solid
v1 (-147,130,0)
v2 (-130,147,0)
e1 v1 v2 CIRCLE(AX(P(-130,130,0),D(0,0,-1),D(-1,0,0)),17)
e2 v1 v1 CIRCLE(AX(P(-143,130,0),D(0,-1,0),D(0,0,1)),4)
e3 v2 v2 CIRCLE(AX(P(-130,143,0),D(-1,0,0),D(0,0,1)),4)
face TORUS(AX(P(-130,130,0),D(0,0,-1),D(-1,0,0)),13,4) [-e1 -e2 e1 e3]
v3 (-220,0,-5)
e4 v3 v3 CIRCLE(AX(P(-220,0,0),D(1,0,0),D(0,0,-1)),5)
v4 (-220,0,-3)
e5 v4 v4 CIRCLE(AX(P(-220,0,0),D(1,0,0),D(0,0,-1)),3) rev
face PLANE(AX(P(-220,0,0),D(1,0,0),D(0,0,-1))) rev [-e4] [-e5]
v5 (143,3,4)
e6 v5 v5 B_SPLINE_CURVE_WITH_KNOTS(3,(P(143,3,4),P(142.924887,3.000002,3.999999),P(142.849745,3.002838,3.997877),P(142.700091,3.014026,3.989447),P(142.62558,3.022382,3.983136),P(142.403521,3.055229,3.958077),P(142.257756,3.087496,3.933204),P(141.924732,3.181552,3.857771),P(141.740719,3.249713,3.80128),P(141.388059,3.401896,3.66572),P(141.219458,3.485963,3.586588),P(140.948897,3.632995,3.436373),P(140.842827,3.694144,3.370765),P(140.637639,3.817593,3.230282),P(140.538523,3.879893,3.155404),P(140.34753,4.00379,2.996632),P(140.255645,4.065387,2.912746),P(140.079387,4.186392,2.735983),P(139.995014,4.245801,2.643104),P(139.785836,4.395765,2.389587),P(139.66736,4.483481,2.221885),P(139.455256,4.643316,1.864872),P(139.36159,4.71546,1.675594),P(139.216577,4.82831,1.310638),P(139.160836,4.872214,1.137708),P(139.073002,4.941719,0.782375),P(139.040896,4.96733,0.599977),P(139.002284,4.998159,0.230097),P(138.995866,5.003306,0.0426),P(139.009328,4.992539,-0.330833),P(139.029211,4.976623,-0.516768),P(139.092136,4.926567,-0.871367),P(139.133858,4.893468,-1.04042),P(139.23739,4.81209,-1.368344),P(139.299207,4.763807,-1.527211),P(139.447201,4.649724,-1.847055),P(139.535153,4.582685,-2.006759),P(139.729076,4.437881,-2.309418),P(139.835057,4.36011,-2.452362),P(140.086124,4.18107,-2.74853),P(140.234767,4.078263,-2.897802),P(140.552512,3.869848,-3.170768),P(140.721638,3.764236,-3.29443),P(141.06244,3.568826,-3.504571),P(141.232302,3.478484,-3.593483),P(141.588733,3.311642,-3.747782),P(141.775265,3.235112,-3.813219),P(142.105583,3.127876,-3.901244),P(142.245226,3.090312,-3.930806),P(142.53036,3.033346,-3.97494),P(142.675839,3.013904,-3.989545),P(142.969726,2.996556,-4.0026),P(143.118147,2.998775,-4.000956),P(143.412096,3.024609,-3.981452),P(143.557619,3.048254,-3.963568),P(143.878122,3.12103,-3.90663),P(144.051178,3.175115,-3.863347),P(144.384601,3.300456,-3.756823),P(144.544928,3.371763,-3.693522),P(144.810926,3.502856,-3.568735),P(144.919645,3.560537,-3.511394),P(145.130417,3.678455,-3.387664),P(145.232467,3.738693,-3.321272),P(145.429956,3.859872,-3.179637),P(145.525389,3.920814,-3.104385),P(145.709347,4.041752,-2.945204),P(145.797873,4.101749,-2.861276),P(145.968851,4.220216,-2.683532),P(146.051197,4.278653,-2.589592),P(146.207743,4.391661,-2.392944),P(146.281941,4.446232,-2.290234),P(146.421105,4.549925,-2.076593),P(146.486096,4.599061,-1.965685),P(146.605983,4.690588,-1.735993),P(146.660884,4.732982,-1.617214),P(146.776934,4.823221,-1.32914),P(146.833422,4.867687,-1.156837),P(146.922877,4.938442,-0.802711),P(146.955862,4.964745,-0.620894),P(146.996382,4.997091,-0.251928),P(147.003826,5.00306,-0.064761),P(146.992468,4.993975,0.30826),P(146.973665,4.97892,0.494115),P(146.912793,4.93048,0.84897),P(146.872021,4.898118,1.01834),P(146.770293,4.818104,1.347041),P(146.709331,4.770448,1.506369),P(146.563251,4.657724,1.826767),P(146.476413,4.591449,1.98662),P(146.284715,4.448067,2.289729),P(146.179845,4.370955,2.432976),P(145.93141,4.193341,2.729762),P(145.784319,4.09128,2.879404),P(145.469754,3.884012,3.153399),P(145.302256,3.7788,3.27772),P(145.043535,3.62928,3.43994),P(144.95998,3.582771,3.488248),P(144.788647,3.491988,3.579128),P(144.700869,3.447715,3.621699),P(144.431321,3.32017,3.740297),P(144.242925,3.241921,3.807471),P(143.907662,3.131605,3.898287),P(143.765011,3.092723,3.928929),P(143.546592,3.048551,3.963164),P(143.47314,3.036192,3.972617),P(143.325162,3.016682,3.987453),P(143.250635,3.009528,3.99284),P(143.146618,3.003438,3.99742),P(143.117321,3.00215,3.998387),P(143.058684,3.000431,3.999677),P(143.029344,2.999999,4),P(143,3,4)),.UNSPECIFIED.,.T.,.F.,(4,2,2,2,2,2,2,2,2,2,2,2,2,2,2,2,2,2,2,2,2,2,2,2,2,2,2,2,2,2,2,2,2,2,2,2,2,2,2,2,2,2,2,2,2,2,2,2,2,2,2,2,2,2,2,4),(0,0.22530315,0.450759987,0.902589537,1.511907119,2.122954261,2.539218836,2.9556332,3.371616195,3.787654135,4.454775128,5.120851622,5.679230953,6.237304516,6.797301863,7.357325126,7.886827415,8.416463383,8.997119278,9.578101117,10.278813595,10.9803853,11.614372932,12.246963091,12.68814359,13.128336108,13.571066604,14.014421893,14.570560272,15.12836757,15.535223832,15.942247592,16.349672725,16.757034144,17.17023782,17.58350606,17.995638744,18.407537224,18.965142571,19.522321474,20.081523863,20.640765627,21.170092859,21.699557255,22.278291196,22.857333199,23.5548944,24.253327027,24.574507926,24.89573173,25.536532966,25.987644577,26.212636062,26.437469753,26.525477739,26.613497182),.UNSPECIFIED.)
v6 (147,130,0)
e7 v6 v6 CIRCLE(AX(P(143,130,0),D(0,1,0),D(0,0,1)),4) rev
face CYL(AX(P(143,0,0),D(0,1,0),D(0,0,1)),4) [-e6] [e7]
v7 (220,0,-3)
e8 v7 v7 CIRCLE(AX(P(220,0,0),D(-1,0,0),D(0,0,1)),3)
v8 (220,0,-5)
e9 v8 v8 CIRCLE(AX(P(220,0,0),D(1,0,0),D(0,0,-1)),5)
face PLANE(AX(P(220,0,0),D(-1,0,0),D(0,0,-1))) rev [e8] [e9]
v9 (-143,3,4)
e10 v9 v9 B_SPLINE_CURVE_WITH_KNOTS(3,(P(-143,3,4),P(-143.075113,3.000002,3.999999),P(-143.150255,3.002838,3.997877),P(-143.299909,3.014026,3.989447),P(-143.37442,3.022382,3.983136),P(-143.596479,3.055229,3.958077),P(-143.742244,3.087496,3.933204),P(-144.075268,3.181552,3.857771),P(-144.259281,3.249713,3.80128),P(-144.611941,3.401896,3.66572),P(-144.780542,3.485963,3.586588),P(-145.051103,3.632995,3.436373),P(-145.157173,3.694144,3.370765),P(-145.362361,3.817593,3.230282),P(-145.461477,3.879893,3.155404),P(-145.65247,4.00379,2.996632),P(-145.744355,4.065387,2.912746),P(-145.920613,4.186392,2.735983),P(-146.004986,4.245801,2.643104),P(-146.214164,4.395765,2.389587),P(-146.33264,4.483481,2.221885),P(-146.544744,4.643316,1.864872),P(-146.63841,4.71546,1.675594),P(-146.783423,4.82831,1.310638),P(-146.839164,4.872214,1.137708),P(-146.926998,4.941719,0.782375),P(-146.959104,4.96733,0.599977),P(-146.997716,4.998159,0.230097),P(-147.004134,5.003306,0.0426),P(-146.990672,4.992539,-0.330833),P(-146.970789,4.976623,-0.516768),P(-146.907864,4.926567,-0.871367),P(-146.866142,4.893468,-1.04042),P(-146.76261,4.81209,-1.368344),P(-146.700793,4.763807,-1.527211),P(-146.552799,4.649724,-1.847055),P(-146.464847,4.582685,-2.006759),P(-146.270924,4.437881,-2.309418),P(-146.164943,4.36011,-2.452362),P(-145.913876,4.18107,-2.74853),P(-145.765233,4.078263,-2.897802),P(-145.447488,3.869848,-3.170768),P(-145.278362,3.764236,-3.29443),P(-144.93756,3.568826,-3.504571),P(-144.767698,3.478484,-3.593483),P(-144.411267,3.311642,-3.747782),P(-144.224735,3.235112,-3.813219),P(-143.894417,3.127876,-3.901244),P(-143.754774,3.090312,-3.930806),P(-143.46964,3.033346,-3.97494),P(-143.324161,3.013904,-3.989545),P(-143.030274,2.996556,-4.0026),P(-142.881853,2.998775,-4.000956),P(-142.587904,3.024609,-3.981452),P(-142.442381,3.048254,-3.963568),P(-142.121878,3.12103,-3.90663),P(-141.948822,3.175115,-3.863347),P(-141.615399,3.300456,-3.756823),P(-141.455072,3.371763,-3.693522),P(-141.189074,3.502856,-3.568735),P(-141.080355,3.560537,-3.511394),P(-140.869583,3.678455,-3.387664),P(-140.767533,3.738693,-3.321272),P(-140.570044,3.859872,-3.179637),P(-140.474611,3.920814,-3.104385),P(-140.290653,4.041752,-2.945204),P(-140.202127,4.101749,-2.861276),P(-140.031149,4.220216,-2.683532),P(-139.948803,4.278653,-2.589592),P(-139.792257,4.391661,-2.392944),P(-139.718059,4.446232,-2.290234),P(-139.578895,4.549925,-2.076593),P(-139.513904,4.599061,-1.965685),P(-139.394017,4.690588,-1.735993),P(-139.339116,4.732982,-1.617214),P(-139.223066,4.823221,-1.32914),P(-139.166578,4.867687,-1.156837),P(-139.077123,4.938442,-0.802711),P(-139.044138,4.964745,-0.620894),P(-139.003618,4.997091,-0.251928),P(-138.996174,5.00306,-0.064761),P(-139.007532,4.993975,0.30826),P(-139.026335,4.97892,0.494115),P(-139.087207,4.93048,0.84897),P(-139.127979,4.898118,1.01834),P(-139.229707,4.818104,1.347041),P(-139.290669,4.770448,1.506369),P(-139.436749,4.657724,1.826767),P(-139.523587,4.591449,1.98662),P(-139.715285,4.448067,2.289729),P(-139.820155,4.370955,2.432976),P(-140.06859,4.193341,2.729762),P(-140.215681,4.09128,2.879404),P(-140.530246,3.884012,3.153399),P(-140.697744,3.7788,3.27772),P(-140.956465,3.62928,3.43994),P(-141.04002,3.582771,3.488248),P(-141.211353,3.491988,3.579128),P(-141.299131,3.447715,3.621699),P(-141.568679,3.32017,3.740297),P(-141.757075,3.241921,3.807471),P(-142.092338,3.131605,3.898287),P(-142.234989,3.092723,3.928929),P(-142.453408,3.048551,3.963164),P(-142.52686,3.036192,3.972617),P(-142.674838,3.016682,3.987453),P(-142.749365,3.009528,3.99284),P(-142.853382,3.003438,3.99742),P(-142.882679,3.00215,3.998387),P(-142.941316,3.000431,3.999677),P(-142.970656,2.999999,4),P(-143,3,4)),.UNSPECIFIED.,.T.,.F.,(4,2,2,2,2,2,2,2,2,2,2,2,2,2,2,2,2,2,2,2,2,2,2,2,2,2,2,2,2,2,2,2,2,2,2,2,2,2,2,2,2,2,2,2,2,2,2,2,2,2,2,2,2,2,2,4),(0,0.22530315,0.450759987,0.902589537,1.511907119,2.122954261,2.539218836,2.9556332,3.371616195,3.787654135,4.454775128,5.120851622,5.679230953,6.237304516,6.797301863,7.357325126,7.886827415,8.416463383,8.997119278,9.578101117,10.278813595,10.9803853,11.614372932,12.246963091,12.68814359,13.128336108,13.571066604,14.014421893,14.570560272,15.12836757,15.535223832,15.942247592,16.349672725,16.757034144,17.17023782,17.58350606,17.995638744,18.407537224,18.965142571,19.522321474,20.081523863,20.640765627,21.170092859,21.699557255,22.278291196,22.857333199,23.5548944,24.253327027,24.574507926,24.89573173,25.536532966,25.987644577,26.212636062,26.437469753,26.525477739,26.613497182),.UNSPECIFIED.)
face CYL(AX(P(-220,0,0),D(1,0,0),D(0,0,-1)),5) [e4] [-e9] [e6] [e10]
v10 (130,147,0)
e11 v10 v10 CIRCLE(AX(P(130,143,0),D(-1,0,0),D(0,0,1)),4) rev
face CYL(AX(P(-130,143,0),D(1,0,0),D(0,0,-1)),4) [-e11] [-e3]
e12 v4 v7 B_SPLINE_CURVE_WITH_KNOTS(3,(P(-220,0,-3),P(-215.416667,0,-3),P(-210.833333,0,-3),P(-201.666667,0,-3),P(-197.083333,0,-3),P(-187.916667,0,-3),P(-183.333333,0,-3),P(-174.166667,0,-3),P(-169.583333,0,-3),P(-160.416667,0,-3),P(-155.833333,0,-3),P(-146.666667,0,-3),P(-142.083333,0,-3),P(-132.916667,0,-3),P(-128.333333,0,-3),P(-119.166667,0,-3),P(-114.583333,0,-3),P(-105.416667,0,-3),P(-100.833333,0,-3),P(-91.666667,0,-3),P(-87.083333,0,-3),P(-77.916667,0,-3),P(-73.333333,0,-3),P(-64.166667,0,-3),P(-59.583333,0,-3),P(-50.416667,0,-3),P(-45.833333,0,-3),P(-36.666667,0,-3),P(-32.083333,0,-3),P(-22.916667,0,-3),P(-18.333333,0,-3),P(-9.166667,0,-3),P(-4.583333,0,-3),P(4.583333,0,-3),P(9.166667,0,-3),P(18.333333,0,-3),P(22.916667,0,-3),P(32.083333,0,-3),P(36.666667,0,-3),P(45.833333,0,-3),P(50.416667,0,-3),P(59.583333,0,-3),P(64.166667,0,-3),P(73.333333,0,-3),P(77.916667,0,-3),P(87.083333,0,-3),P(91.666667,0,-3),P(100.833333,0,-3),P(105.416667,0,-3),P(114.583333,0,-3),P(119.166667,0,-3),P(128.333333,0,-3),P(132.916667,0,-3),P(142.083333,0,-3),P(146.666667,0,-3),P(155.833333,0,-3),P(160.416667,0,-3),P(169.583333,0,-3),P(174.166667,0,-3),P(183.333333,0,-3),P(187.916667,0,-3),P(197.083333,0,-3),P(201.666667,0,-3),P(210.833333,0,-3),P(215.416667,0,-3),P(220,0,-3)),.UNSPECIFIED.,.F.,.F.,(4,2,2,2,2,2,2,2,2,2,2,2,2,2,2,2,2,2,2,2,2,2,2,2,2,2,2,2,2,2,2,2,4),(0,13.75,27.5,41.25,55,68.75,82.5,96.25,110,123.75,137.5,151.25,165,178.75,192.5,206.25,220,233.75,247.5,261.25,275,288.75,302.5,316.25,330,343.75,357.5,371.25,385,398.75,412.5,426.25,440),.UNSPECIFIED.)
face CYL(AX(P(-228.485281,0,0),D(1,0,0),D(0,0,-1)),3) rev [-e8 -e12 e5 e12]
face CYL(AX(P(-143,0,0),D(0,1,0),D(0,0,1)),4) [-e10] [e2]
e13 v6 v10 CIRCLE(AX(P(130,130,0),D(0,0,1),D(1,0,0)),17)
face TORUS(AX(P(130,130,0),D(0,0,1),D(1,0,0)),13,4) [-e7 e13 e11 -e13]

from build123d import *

# Parameters (mm, degrees)
SKETCH1_R           = 5
BOSS_EXTRUDE1_DEPTH = 220
SWEEP1_PROFILE_R    = 4
SKETCH9_R           = 3
CUT_EXTRUDE1_DEPTH  = 220


with BuildPart() as part:
    # Sketch1 → Boss-Extrude1 (new body)
    with BuildSketch(Plane(origin=(0, 0, 0), x_dir=(0, 0, -1), z_dir=(1, 0, 0))):
        Circle(SKETCH1_R)
    boss_extrude1 = extrude(amount=-BOSS_EXTRUDE1_DEPTH)

    # Sweep1: sweep along a path in Sketch2
    with BuildLine(Plane.XY) as sweep1_path:
        Line((-143, 0), (-143, 130))
        ThreePointArc((-143, 130), (-139.192388155, 139.192388155), (-130, 143))
        Line((-130, 143), (0, 143))
    # Sweep1 profile (on start of the path) → Sweep1 (sweep)
    with BuildSketch(Plane(origin=(-143, 0, 0), x_dir=(0, 0, 1), z_dir=(0, 1, 0))):
        Circle(SWEEP1_PROFILE_R)
    sweep1 = sweep(path=sweep1_path.line)

    # Sketch9 → Cut-Extrude1 (cut)
    with BuildSketch(Plane(origin=(0, 0, 0), x_dir=(0, 0, -1), z_dir=(1, 0, 0))):
        Circle(SKETCH9_R)
    cut_extrude1 = extrude(amount=-CUT_EXTRUDE1_DEPTH, mode=Mode.SUBTRACT)

    # Mirror1: Boss-Extrude1, Sweep1, Cut-Extrude1 across plane
    add(boss_extrude1.mirror(Plane(origin=(0, 0, 0), x_dir=(0, 0, 1), z_dir=(1, 0, 0))))
    add(sweep1.mirror(Plane(origin=(0, 0, 0), x_dir=(0, 0, 1), z_dir=(1, 0, 0))))
    add(cut_extrude1.mirror(Plane(origin=(0, 0, 0), x_dir=(0, 0, 1), z_dir=(1, 0, 0))), mode=Mode.SUBTRACT)


solid = part.part
